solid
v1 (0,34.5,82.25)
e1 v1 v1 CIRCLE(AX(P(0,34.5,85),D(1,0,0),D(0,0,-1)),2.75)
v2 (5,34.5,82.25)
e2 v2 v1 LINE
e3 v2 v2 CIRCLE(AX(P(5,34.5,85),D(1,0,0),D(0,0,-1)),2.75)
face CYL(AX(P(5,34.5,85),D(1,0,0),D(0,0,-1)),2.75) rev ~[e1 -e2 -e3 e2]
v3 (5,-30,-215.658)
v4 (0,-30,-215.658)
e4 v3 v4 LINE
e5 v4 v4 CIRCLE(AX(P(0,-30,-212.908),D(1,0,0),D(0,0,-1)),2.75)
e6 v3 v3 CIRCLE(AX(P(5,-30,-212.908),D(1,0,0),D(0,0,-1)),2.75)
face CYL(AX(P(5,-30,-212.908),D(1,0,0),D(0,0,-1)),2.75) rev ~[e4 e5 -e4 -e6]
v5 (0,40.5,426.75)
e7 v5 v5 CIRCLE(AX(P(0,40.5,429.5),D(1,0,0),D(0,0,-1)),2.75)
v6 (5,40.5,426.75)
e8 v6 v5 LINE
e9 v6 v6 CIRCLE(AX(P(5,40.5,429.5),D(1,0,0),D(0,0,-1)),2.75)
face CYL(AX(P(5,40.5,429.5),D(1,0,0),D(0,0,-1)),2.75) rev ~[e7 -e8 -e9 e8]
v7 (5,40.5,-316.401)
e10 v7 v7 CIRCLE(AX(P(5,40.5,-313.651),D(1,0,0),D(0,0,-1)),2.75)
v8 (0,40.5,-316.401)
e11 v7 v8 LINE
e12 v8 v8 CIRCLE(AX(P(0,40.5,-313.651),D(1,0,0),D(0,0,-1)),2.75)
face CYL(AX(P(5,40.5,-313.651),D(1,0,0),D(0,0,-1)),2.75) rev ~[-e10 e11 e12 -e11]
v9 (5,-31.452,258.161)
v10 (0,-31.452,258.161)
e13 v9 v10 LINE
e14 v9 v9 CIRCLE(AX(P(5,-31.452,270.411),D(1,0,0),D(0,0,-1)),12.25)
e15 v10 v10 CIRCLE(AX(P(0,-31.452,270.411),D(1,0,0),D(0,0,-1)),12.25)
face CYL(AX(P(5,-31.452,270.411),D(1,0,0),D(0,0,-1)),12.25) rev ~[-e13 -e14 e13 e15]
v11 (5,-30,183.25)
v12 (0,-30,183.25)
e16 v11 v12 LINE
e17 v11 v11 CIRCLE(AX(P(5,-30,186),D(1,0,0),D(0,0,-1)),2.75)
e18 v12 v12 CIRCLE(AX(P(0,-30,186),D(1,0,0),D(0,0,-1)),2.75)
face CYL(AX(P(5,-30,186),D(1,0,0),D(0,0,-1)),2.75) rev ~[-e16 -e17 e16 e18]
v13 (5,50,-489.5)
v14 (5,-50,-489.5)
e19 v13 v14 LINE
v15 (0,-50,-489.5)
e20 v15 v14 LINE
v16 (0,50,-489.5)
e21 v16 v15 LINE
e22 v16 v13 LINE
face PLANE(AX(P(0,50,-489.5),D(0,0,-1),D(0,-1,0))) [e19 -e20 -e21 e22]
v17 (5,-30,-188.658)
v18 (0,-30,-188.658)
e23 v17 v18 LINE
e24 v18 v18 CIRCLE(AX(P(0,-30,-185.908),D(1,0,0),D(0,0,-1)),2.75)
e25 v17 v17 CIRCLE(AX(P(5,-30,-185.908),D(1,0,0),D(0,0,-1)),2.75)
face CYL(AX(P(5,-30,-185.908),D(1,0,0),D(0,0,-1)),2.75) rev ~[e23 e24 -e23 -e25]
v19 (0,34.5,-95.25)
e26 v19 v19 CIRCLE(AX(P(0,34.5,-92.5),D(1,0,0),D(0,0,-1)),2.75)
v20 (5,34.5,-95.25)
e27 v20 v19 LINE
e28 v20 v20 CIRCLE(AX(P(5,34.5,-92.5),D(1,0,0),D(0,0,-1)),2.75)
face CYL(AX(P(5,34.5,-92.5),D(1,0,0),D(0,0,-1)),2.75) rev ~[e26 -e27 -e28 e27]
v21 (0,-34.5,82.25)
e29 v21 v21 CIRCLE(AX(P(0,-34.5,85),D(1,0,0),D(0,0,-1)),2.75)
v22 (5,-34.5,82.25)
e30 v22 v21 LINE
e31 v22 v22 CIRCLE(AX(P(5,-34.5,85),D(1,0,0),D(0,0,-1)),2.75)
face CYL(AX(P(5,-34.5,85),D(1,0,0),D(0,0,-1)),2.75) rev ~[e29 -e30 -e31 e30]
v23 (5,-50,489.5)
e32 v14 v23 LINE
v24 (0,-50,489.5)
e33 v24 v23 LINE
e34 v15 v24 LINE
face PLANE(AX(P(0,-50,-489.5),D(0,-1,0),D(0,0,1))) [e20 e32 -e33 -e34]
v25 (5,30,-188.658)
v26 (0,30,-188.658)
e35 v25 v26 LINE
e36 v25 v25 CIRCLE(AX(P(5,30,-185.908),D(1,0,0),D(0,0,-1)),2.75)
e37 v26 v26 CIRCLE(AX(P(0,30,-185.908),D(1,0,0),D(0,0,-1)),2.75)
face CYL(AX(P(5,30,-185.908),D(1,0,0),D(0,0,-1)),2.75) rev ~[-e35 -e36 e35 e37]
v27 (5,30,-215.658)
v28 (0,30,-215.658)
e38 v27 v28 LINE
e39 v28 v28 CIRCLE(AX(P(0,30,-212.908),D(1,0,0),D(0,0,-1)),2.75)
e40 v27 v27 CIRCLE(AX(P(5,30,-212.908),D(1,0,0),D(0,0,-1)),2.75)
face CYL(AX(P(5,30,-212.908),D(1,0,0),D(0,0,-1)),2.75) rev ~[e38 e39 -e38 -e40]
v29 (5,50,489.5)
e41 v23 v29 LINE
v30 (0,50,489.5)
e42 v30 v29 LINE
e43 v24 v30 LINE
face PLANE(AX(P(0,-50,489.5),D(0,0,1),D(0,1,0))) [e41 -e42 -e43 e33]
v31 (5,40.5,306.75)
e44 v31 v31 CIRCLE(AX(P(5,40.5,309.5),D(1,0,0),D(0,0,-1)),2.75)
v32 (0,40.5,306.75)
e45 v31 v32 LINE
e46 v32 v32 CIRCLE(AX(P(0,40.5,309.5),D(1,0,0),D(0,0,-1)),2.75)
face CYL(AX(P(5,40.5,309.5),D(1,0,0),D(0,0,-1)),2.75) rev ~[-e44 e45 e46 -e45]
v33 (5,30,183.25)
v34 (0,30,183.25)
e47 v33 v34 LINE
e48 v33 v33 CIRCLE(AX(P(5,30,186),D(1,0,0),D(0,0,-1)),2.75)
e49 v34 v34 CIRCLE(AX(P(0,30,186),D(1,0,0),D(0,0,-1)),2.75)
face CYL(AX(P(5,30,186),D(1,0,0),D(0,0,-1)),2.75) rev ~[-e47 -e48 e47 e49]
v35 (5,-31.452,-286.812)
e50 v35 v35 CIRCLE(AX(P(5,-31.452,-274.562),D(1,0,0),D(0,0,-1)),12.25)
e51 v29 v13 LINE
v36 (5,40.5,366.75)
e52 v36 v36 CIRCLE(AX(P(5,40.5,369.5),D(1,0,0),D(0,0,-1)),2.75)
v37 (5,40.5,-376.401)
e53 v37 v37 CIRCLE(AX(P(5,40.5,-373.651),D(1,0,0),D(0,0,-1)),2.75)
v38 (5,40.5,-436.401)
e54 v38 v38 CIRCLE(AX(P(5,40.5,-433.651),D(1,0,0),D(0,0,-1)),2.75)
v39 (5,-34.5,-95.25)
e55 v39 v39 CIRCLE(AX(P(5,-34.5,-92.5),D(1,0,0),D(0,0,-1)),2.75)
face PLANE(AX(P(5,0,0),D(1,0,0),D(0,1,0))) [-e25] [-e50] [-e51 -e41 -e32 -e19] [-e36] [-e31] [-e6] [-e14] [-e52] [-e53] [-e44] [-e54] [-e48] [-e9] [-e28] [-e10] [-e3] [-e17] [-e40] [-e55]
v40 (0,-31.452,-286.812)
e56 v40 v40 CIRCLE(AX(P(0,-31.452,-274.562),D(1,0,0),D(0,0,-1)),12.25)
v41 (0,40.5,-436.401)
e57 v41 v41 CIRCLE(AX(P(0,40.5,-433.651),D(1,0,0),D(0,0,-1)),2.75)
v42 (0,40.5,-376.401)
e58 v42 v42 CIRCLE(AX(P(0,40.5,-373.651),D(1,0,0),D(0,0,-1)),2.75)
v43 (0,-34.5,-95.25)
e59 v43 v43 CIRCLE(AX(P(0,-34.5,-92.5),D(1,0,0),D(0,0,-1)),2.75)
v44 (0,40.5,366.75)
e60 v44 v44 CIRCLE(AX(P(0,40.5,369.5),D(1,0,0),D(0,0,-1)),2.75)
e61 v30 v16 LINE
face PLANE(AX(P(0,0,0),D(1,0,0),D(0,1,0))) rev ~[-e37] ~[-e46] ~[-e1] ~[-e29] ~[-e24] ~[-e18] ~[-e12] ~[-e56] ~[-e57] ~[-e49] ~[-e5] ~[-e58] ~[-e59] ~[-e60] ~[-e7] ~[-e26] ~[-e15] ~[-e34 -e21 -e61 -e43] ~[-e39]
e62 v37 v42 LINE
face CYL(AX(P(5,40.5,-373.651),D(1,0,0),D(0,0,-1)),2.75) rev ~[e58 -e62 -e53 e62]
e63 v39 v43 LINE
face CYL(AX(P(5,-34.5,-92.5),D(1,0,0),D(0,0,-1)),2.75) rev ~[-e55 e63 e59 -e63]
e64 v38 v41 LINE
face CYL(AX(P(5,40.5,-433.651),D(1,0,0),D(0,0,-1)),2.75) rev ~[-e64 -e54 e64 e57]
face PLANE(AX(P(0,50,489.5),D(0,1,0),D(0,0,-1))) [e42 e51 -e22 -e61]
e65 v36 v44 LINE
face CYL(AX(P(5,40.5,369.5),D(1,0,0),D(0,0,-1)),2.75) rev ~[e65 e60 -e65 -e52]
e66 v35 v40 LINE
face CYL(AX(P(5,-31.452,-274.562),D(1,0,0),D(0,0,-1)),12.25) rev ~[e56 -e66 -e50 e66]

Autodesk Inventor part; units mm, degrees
ref_plane "YZ Plane" through (0, 0, 0) normal (1, 0, 0) x (0, 1, 0)
ref_plane "XZ Plane" through (0, 0, 0) normal (0, 1, 0) x (-1, 0, 0)
ref_plane "XY Plane" through (0, 0, 0) normal (0, 0, 1) x (1, 0, 0)
sketch "Sketch1" plane through (0, 0, 0) normal (1, 0, 0) x (0, 1, 0)
  line L0 (-50, 489.5) -> (50, 489.5)
  line L1 (50, 489.5) -> (50, -489.5)
  line L2 (50, -489.5) -> (-50, -489.5)
  line L3 (-50, -489.5) -> (-50, 489.5)
  line L4 (-50, 489.5) -> (50, -489.5) construction
  line L5 (50, 489.5) -> (-50, -489.5) construction
  point P0 (0, 0)
  dimension "d0" = 979
  dimension "d1" = 100
extrude "Extrusion1" add sketch "Sketch1" along normal blind 5
sketch "Sketch2" plane through (5, 0, 0) normal (1, 0, 0) x (0, 0, -1)
  circle A0 centre (-270.411, -31.452) radius 12.25
  line L0 (-489.5, -50) -> (489.5, -50) projected
  line L1 (-489.5, 50) -> (-489.5, -50) projected
  circle A1 centre (274.562, -31.452) radius 12.25
  line L2 (489.5, -50) -> (489.5, 50) projected
  point P0 (0, 0)
  dimension "d4" = 24.5
  dimension "d5" = 18.548
  dimension "d8" = 219.089
  dimension "d18" = 214.938
  dimension "d19" = 24.5
  dimension "d20" = 18.548
extrude "Extrusion2" cut sketch "Sketch2" against normal through all
sketch "Sketch6" plane through (5, 0, 0) normal (1, 0, 0) x (0, 0, -1)
  circle A0 centre (274.5619, -31.452) radius 16.3 projected
  circle A1 centre (212.908, -30) radius 2.75 projected
  circle A2 centre (-124.274, -40) radius 2.75 projected
  circle A3 centre (-164.274, 40) radius 2.75 projected
  circle A4 centre (313.651, 40.5) radius 2.75 projected
  circle A5 centre (433.651, 40.5) radius 2.75 projected
  circle A6 centre (-309.5, 40.5) radius 2.75 projected
  circle A7 centre (-85, -34.5) radius 2.75 projected
  circle A8 centre (-186, 30) radius 2.75 projected
  circle A9 centre (92.5, -34.5) radius 2.75 projected
  circle A10 centre (185.908, -30) radius 2.75 projected
  circle A11 centre (185.908, 30) radius 2.75 projected
  circle A12 centre (92.5, 34.5) radius 2.75 projected
  circle A13 centre (-186, -30) radius 2.75 projected
  circle A14 centre (-85, 34.5) radius 2.75 projected
  circle A15 centre (-429.5, 40.5) radius 2.75 projected
  circle A16 centre (-369.5, 40.5) radius 2.75 projected
  circle A17 centre (373.651, 40.5) radius 2.75 projected
  circle A18 centre (-124.274, 40) radius 2.75 projected
  circle A19 centre (-154.274, -40) radius 2.75 projected
  circle A20 centre (212.908, 30) radius 2.75 projected
  circle A21 centre (148.424, 0) radius 9.8 projected
  circle A22 centre (-61.972, 12.7) radius 2.25 projected
  circle A23 centre (-87.372, 12.7) radius 2.25 projected
  circle A24 centre (-87.372, -12.7) radius 2.25 projected
  circle A25 centre (-61.972, -12.7) radius 2.25 projected
  line L0 (-19.5, -25) -> (-19.5, 25) projected
  line L1 (-19.5, 25) -> (110.5, 25) projected
  line L2 (110.5, 25) -> (110.5, -25) projected
  line L3 (110.5, -25) -> (-19.5, -25) projected
  circle A26 centre (-144.273, 0) radius 30 projected
  arc A27 (-360.3076, -42.4652) -> (-351.3744, -41.3708) centre (-355.841, -41.918) ccw projected
  arc A28 (-360.9797, -31.4275) -> (-360.3076, -42.4652) centre (-270.411, -31.452) ccw projected
  arc A29 (-351.9797, -31.4299) -> (-360.9797, -31.4275) centre (-356.4797, -31.4287) ccw projected
  arc A30 (-351.9797, -31.4299) -> (-351.3744, -41.3708) centre (-270.411, -31.452) ccw projected
  circle A31 centre (-270.411, -31.452) radius 16.3 projected
  line L4 (-469.5, 50) -> (-469.5, -50) projected
  line L5 (-469.5, -50) -> (469.5, -50) projected
  line L6 (469.5, 50) -> (469.5, -50) projected
  line L7 (-469.5, 50) -> (469.5, 50) projected
  circle A32 centre (128.424, -40) radius 2.75 projected
  circle A33 centre (128.424, 40) radius 2.75 projected
  circle A34 centre (168.424, 40) radius 2.75 projected
  circle A35 centre (158.424, -40) radius 2.75 projected
  point P0 (0, 0)
extrude "Extrusion4" cut sketch "Sketch6" against normal blind 10 contours A1 | A4 | A5 | A6 | A7 | A8 | A9 | A10 | A11 | A12 | A13 | A14 | A15 | A16 | A17 | A20
equation "\"d20\" = d5"
properties part number "Bumper Plate" material "Aluminum 6061"
